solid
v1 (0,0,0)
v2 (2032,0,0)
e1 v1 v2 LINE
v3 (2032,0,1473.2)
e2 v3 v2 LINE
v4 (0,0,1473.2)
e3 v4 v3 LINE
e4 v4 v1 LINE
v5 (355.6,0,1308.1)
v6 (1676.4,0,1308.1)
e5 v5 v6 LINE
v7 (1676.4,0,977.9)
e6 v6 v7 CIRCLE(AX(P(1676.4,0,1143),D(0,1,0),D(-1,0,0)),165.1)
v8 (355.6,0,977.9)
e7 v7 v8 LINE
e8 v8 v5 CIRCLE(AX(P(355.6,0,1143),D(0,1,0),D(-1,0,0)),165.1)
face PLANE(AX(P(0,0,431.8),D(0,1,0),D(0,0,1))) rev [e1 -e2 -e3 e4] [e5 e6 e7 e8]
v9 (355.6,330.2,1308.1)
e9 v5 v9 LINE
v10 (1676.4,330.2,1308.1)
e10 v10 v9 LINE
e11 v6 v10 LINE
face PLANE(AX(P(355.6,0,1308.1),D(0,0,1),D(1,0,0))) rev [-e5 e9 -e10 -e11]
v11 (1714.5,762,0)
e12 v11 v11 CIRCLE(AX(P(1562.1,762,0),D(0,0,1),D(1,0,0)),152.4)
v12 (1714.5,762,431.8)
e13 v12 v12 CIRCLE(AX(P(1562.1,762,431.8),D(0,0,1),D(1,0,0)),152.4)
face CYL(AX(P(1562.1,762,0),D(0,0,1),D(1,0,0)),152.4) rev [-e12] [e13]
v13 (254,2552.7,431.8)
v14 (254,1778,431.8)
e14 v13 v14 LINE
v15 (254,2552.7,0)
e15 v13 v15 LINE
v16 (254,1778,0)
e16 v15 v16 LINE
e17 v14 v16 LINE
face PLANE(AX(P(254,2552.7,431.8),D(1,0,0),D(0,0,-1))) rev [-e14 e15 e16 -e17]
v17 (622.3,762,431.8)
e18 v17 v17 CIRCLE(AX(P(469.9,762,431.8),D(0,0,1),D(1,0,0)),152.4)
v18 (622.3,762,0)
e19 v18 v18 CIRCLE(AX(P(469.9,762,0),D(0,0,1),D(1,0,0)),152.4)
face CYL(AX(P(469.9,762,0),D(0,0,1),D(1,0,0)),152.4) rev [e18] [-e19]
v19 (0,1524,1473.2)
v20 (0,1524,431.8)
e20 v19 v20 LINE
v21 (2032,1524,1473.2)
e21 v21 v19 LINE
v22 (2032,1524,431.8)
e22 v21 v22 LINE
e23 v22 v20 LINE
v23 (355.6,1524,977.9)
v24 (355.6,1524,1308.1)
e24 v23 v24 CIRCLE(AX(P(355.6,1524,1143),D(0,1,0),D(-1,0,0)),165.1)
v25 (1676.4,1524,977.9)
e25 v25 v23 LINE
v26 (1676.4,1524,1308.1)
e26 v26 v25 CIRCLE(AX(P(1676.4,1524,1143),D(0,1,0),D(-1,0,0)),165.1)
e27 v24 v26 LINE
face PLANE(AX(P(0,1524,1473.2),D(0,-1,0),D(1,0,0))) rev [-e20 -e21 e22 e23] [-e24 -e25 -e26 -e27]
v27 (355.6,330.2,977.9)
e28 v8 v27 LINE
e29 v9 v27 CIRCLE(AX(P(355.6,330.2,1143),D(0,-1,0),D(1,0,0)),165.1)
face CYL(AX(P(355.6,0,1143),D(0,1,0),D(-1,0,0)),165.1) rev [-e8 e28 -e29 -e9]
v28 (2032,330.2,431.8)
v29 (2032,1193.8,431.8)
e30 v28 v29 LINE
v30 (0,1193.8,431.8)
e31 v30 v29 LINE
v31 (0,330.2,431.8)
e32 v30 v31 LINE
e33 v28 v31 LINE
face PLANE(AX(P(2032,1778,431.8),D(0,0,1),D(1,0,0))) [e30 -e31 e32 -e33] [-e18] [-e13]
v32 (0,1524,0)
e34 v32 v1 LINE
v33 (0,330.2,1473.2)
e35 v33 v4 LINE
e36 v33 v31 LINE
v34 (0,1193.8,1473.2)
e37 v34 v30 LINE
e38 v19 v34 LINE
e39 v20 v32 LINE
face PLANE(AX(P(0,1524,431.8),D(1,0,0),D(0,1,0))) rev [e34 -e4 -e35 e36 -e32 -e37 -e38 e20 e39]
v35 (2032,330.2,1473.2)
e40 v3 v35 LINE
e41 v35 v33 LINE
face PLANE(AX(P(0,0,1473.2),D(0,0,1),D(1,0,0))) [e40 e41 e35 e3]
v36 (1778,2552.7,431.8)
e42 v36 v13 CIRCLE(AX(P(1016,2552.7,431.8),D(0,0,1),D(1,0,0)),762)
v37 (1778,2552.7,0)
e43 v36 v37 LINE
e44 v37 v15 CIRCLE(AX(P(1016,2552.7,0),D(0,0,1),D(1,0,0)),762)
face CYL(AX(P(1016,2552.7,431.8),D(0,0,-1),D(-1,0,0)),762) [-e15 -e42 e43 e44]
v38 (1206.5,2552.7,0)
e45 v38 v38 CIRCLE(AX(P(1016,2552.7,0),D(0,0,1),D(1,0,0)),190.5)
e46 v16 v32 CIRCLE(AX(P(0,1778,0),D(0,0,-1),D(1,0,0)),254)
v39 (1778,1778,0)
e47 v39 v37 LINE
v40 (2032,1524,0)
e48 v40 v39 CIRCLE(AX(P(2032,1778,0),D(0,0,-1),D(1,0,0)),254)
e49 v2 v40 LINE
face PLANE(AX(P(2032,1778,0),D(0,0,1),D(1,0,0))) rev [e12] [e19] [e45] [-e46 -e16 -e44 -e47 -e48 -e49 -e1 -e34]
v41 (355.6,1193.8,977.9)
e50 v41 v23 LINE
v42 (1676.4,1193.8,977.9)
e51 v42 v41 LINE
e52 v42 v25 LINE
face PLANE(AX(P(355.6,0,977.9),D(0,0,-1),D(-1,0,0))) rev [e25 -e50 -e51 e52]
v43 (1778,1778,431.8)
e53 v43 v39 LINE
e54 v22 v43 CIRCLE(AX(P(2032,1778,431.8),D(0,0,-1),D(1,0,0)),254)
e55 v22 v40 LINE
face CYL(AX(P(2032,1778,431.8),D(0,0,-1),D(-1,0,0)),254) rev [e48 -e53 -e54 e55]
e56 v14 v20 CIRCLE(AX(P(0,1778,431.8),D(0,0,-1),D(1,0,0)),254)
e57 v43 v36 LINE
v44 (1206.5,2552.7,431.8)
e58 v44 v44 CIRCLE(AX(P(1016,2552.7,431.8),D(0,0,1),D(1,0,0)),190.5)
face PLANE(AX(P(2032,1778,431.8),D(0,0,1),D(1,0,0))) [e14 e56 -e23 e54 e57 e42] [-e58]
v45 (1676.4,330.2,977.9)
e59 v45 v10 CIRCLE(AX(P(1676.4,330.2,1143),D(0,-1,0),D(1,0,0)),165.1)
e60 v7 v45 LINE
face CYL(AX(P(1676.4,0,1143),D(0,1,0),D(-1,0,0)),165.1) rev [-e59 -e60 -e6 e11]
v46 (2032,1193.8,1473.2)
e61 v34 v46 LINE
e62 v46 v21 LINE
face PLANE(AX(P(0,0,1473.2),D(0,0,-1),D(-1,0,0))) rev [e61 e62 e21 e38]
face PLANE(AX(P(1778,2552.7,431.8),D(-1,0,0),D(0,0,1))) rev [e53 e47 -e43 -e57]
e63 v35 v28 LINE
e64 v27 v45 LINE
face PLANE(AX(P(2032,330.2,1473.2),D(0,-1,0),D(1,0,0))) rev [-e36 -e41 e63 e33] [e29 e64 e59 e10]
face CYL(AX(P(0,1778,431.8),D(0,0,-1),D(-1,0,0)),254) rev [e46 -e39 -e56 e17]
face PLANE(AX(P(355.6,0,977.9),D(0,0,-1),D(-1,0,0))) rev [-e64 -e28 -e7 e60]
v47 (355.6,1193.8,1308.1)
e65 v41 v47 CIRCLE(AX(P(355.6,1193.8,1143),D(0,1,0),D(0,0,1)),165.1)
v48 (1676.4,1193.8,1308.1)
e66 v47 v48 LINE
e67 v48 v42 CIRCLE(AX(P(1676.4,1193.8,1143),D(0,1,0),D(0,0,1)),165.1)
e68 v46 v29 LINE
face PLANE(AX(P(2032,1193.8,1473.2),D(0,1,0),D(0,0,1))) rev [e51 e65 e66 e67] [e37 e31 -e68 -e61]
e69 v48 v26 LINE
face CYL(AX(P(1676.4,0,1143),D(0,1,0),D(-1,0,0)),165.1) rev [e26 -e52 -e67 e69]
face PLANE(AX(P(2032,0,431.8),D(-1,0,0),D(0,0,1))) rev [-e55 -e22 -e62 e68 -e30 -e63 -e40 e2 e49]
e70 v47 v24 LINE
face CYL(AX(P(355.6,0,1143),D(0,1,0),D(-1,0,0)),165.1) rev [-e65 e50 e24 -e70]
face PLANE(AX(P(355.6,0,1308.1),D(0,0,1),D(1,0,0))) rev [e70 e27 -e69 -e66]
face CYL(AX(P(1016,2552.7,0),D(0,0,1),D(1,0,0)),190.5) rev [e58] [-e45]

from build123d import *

# Parameters (mm, degrees)
BOSS_EXTRUDE1_DEPTH = 431.8
SKETCH2_R           = 152.4
SKETCH2_R_2         = 190.5
CUT_EXTRUDE1_DEPTH  = 431.8
SKETCH3_W           = 2032
SKETCH3_H           = 330.2
BOSS_EXTRUDE2_DEPTH = 1041.4
CUT_EXTRUDE2_DEPTH  = 3084.171861898


with BuildPart() as part:
    # Sketch1 → Boss-Extrude1 (new body)
    with BuildSketch(Plane.XY):
        with BuildLine():
            Line((0, 0), (2032, 0))
            Line((2032, 0), (2032, 1524))
            ThreePointArc((2032, 1524), (1852.394877579, 1598.394877579), (1778, 1778))
            Line((1778, 1778), (1778, 2552.7))
            ThreePointArc((1778, 2552.7), (1016, 3314.7), (254, 2552.7))
            Line((254, 2552.7), (254, 1778))
            ThreePointArc((254, 1778), (179.605122421, 1598.394877579), (0, 1524))
            Line((0, 1524), (0, 0))
        make_face()
    extrude(amount=BOSS_EXTRUDE1_DEPTH)

    # Sketch2 → Cut-Extrude1 (cut)
    with BuildSketch(Plane.XY.offset(431.8)):
        with Locations((469.9, 762)):
            Circle(SKETCH2_R)
        with Locations((1562.1, 762)):
            Circle(SKETCH2_R)
        with Locations((1016, 2552.7)):
            Circle(SKETCH2_R_2)
    extrude(amount=-CUT_EXTRUDE1_DEPTH, mode=Mode.SUBTRACT)

    # Sketch3 → Boss-Extrude2 (add)
    with BuildSketch(Plane.XY.offset(431.8)):
        with Locations((1016, 165.1)):
            Rectangle(SKETCH3_W, SKETCH3_H)
        with Locations((1016, 1358.9)):
            Rectangle(SKETCH3_W, SKETCH3_H)
    extrude(amount=BOSS_EXTRUDE2_DEPTH)

    # Sketch4 → Cut-Extrude2 (cut, through all)
    with BuildSketch(Plane(origin=(0, 1524, 0), x_dir=(1, 0, 0), z_dir=(0, 1, 0))):
        with BuildLine():
            Line((355.6, -977.9), (1676.4, -977.9))
            ThreePointArc((1676.4, -977.9), (1841.5, -1143), (1676.4, -1308.1))
            Line((1676.4, -1308.1), (355.6, -1308.1))
            ThreePointArc((355.6, -1308.1), (190.5, -1143), (355.6, -977.9))
        make_face()
    extrude(amount=-CUT_EXTRUDE2_DEPTH, mode=Mode.SUBTRACT)


solid = part.part
